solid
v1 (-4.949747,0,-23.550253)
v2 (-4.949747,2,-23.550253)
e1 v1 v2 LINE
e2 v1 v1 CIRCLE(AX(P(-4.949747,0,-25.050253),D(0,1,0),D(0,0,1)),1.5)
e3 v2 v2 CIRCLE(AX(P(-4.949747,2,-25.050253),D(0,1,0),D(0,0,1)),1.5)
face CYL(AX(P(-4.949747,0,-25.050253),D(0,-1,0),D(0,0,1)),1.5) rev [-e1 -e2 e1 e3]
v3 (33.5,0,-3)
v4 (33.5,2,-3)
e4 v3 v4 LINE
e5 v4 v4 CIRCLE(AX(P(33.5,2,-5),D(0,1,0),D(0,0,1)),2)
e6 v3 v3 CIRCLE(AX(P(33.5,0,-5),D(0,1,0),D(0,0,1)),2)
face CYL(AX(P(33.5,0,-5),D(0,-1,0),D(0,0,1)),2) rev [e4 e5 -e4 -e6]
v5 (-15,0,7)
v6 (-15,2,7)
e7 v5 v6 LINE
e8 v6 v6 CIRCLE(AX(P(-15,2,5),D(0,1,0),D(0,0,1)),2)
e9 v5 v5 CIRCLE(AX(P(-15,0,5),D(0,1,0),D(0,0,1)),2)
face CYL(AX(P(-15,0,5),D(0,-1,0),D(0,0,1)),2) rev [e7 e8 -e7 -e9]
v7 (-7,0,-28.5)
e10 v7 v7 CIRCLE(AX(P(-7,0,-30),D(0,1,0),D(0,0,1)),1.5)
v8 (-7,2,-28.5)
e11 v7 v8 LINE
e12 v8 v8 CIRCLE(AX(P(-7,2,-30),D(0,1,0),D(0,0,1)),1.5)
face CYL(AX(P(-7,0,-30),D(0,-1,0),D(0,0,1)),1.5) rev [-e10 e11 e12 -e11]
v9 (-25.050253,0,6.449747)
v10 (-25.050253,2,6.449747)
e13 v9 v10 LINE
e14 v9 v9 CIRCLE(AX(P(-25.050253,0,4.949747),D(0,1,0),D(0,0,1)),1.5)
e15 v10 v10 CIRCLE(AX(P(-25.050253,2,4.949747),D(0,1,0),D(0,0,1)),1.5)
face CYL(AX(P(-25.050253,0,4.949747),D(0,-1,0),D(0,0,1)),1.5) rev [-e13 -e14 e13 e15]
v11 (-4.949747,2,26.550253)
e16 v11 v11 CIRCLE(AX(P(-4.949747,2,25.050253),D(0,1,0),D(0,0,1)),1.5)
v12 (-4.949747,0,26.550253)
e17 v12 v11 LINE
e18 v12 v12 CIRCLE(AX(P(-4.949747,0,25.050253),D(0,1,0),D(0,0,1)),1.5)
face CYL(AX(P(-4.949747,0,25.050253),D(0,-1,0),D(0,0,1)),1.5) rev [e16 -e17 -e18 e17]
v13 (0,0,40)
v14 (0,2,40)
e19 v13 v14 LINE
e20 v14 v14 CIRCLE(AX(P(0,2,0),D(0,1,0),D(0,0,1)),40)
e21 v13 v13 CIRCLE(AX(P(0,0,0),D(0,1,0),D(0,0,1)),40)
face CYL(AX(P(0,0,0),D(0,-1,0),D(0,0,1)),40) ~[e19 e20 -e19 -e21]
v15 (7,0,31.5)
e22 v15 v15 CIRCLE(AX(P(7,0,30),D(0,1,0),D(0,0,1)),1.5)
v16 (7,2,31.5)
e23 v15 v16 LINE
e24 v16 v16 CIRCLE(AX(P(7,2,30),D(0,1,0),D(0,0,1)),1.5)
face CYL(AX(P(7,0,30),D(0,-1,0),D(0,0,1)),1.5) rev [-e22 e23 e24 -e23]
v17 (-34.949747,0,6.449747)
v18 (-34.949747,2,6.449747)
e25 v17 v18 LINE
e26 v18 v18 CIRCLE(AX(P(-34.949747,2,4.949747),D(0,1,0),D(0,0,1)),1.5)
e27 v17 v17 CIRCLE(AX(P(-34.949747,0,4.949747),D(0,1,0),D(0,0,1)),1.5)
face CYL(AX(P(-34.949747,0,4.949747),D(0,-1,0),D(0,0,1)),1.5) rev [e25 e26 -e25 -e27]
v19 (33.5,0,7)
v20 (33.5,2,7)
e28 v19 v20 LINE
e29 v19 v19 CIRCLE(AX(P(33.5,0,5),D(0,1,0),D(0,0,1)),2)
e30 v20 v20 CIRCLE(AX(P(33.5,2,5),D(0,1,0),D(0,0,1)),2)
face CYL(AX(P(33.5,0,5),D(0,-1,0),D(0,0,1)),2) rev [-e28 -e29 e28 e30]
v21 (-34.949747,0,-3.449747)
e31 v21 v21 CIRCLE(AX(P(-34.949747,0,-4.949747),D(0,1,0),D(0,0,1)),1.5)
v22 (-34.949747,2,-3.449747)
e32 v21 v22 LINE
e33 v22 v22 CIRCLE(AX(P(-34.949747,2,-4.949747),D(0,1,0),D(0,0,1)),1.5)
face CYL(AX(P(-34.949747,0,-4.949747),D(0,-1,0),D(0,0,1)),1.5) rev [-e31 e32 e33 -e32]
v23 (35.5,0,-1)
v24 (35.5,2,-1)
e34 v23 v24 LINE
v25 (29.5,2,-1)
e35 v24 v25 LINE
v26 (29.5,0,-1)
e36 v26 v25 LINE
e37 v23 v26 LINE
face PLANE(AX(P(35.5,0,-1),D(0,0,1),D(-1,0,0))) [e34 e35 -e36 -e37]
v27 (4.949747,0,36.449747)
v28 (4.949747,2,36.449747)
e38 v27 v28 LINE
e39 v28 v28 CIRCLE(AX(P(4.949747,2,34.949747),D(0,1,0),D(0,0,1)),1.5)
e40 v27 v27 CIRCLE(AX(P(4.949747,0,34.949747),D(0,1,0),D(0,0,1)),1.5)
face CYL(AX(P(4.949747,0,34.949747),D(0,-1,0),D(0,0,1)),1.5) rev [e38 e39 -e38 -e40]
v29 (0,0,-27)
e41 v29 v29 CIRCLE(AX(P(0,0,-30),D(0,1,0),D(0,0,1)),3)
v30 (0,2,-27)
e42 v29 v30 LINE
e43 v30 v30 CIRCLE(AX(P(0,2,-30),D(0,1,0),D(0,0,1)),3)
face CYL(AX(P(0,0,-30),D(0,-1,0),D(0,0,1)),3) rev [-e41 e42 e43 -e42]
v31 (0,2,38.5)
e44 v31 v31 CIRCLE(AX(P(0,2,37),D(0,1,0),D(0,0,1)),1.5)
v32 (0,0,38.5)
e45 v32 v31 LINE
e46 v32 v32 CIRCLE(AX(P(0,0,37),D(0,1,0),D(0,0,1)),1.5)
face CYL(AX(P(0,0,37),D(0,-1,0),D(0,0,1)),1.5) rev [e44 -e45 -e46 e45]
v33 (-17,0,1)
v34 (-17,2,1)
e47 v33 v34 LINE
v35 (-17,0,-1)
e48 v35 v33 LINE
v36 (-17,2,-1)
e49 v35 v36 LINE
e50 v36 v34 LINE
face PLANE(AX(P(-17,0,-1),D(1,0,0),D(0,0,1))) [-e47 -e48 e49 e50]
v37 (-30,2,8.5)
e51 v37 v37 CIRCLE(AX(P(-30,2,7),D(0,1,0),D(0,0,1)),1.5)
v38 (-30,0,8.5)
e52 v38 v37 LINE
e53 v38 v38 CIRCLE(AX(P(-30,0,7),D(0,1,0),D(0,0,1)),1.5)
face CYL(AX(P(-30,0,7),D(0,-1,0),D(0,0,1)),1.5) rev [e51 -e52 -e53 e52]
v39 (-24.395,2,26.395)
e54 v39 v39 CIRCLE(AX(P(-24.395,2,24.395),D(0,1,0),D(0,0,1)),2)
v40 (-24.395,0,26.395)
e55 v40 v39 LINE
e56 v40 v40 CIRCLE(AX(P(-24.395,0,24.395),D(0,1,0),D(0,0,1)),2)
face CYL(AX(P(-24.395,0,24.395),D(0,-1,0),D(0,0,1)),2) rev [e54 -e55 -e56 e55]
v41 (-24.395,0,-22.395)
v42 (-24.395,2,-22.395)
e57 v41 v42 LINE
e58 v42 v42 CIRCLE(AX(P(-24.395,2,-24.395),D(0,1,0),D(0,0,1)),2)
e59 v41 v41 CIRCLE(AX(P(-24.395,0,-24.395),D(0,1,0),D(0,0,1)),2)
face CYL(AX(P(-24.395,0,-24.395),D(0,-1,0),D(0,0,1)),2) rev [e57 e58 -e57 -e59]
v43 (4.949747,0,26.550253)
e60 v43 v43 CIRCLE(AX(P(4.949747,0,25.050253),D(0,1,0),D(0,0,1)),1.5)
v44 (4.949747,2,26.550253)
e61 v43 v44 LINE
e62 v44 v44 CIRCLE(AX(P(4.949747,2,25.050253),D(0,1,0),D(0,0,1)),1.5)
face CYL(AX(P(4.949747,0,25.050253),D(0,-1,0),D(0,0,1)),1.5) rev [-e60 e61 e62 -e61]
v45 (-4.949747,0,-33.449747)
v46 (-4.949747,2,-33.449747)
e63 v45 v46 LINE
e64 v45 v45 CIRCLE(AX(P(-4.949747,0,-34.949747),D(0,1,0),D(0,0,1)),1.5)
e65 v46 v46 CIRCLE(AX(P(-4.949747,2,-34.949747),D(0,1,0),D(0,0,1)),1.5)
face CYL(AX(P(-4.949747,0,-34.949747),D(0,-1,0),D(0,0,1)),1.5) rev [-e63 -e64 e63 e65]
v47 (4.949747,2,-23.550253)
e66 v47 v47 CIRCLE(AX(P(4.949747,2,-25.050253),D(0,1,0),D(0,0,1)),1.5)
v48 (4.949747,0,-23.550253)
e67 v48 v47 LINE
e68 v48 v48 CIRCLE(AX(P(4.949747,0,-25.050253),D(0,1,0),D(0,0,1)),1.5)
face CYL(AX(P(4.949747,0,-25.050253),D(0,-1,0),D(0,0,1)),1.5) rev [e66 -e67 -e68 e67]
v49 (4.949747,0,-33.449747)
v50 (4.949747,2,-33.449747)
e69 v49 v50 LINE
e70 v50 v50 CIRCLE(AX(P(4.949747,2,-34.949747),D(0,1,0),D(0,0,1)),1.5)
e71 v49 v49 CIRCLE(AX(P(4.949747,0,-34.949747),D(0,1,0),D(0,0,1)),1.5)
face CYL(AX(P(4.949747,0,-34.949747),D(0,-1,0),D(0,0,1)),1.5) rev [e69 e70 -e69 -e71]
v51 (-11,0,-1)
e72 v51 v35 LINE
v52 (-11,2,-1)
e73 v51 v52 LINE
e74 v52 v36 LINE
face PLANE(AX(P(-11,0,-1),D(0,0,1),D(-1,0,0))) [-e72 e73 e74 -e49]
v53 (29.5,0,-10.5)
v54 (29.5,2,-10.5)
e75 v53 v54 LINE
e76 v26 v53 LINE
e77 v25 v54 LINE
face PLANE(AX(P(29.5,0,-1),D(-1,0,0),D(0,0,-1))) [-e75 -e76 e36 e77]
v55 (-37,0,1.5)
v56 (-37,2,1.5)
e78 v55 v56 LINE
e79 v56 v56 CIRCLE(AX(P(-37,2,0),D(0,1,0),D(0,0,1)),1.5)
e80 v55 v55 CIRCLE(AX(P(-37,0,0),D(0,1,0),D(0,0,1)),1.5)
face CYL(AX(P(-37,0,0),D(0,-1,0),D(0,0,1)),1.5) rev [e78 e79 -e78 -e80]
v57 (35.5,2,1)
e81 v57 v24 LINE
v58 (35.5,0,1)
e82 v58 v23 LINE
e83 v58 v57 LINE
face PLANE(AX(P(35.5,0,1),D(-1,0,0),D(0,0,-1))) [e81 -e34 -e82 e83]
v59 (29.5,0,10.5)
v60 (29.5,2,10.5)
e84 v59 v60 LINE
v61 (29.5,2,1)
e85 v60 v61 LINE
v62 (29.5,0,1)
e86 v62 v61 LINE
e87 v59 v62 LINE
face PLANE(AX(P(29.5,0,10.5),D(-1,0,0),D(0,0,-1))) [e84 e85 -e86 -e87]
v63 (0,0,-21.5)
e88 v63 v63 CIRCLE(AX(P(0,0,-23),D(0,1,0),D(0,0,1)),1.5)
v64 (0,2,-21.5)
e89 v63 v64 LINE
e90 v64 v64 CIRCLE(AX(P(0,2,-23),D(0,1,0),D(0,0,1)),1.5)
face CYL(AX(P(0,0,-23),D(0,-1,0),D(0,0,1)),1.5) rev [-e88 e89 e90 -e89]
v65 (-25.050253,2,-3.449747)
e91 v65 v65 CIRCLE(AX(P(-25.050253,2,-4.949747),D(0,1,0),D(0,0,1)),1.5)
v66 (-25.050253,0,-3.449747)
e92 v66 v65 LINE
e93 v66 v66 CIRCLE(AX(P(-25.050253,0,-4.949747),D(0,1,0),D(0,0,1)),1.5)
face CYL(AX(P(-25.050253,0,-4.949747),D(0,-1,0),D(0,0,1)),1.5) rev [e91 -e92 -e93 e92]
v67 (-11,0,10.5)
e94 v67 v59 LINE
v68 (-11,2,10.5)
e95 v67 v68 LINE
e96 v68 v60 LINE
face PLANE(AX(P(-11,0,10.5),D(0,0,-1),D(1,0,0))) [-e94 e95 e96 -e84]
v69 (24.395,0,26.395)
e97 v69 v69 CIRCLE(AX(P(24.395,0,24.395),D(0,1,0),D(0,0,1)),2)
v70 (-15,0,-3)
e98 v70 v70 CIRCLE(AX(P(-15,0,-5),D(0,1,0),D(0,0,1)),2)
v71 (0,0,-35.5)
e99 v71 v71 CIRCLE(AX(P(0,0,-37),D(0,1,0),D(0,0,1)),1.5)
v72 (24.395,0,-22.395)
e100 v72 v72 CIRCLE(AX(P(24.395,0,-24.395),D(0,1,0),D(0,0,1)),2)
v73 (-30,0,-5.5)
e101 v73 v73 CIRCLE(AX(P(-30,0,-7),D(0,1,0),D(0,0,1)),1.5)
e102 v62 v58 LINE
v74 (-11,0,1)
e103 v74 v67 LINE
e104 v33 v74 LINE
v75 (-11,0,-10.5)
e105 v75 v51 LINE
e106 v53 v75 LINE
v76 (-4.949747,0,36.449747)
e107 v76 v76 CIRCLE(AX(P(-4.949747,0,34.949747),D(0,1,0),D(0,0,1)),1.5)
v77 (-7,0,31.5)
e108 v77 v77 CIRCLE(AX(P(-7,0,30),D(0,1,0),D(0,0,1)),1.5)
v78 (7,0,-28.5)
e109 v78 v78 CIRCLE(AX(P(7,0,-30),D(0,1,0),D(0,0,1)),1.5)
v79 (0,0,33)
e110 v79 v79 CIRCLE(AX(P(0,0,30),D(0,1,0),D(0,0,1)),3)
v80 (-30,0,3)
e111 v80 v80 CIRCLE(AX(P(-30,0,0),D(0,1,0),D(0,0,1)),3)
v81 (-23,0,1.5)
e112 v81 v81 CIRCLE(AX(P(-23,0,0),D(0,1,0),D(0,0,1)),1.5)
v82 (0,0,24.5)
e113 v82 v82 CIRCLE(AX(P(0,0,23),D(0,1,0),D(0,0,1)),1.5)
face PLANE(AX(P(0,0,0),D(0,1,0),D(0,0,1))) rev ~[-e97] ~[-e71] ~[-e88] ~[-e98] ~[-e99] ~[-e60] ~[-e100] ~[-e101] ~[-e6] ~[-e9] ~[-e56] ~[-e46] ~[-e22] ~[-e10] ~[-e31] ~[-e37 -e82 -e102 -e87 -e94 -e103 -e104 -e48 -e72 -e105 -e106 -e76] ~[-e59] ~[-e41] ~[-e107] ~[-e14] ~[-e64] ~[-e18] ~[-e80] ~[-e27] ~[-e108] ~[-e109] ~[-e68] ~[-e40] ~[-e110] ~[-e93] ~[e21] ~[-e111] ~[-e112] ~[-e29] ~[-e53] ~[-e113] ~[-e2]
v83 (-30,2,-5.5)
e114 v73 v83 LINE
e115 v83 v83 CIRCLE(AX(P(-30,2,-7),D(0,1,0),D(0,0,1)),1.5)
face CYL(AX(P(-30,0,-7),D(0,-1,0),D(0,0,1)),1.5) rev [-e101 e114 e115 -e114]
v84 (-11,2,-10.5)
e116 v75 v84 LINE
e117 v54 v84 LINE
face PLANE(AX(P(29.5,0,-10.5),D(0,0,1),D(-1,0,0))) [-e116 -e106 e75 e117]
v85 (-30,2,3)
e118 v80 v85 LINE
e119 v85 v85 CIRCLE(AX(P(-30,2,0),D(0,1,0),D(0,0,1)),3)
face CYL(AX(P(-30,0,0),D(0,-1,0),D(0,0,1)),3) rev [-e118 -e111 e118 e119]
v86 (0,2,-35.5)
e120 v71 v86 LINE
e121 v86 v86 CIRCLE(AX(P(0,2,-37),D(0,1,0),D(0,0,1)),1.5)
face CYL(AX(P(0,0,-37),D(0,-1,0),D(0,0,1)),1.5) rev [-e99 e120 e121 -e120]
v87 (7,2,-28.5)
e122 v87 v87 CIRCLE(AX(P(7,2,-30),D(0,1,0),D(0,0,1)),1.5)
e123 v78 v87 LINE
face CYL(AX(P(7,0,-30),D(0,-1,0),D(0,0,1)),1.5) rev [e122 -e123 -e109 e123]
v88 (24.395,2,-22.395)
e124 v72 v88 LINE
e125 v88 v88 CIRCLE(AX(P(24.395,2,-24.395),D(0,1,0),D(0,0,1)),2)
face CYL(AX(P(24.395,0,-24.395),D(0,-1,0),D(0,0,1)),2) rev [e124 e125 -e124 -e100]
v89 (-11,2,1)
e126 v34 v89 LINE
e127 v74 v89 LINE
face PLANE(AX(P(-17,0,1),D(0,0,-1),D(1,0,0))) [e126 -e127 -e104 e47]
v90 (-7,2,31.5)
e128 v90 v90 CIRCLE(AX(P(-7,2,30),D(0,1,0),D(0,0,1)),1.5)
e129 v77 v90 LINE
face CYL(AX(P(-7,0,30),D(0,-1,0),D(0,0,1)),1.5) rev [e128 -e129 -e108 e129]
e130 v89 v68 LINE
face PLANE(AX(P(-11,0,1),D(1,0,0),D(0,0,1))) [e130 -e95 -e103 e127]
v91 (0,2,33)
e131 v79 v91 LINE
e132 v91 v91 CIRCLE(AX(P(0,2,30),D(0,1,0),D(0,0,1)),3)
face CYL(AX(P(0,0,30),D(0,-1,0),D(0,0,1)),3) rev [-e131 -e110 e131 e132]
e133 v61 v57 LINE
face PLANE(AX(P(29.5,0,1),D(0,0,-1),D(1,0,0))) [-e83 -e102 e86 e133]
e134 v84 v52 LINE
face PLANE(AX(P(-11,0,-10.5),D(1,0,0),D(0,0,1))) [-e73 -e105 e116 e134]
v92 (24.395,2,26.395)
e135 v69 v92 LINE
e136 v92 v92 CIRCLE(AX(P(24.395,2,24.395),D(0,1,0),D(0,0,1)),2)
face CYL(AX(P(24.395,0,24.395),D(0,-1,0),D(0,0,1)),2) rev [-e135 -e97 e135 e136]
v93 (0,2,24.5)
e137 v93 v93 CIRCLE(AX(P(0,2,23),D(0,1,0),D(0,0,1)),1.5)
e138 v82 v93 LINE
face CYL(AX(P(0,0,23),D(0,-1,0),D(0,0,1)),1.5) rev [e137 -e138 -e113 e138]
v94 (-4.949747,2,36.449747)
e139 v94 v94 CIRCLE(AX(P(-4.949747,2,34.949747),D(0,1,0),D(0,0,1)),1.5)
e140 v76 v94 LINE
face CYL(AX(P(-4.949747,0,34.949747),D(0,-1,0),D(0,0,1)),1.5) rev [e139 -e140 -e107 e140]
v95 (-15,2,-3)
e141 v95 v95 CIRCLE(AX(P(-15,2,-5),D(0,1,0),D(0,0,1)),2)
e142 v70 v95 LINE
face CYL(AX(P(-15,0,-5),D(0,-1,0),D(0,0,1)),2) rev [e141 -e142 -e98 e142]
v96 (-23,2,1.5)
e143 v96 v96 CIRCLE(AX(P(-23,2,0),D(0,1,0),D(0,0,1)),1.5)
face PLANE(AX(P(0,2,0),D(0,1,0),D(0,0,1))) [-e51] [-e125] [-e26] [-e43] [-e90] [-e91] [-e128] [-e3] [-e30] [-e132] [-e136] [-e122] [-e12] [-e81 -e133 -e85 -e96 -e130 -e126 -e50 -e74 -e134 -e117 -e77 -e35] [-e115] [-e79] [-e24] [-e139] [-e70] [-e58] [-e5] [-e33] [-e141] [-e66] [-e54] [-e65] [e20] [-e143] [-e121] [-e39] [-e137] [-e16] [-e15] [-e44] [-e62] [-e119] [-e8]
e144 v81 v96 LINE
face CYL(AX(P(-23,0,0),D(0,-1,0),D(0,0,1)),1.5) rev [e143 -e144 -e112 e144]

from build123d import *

# Parameters (mm, degrees)
SKETCH_1_R      = 40
SKETCH_1_R_2    = 2
SKETCH_1_R_3    = 3
SKETCH_1_R_4    = 1.5
EXTRUDE_1_DEPTH = 2


with BuildPart() as part:
    # 草图1 → 凸台-拉伸1 (new body)
    with BuildSketch(Plane(origin=(0, 0, 0), x_dir=(1, 0, 0), z_dir=(0, 1, 0))):
        with Locations(Location((0, 0, 0), (0, 0, 270))):
            Circle(SKETCH_1_R)
        with Locations(Location((-24.395, 24.395, 0), (0, 0, 270))):
            Circle(SKETCH_1_R_2, mode=Mode.SUBTRACT)
        with Locations(Location((24.395, 24.395, 0), (0, 0, 270))):
            Circle(SKETCH_1_R_2, mode=Mode.SUBTRACT)
        with Locations(Location((24.395, -24.395, 0), (0, 0, 270))):
            Circle(SKETCH_1_R_2, mode=Mode.SUBTRACT)
        with Locations(Location((-24.395, -24.395, 0), (0, 0, 270))):
            Circle(SKETCH_1_R_2, mode=Mode.SUBTRACT)
        with Locations(Location((0, -30, 0), (0, 0, 270))):
            Circle(SKETCH_1_R_3, mode=Mode.SUBTRACT)
        with Locations(Location((0, -23, 0), (0, 0, 270))):
            Circle(SKETCH_1_R_4, mode=Mode.SUBTRACT)
        with Locations(Location((4.949747468, -25.050252532, 0), (0, 0, 270))):
            Circle(SKETCH_1_R_4, mode=Mode.SUBTRACT)
        with Locations(Location((7, -30, 0), (0, 0, 270))):
            Circle(SKETCH_1_R_4, mode=Mode.SUBTRACT)
        with Locations(Location((4.949747468, -34.949747468, 0), (0, 0, 270))):
            Circle(SKETCH_1_R_4, mode=Mode.SUBTRACT)
        with Locations(Location((0, -37, 0), (0, 0, 270))):
            Circle(SKETCH_1_R_4, mode=Mode.SUBTRACT)
        with Locations(Location((-4.949747468, -34.949747468, 0), (0, 0, 270))):
            Circle(SKETCH_1_R_4, mode=Mode.SUBTRACT)
        with Locations(Location((-7, -30, 0), (0, 0, 270))):
            Circle(SKETCH_1_R_4, mode=Mode.SUBTRACT)
        with Locations(Location((-4.949747468, -25.050252532, 0), (0, 0, 270))):
            Circle(SKETCH_1_R_4, mode=Mode.SUBTRACT)
        with Locations(Location((0, 30, 0), (0, 0, 270))):
            Circle(SKETCH_1_R_3, mode=Mode.SUBTRACT)
        with Locations(Location((4.949747468, 25.050252532, 0), (0, 0, 270))):
            Circle(SKETCH_1_R_4, mode=Mode.SUBTRACT)
        with Locations(Location((7, 30, 0), (0, 0, 270))):
            Circle(SKETCH_1_R_4, mode=Mode.SUBTRACT)
        with Locations(Location((4.949747468, 34.949747468, 0), (0, 0, 270))):
            Circle(SKETCH_1_R_4, mode=Mode.SUBTRACT)
        with Locations(Location((0, 37, 0), (0, 0, 270))):
            Circle(SKETCH_1_R_4, mode=Mode.SUBTRACT)
        with Locations(Location((-4.949747468, 34.949747468, 0), (0, 0, 270))):
            Circle(SKETCH_1_R_4, mode=Mode.SUBTRACT)
        with Locations(Location((-7, 30, 0), (0, 0, 270))):
            Circle(SKETCH_1_R_4, mode=Mode.SUBTRACT)
        with Locations(Location((-4.949747468, 25.050252532, 0), (0, 0, 270))):
            Circle(SKETCH_1_R_4, mode=Mode.SUBTRACT)
        with Locations(Location((0, 23, 0), (0, 0, 270))):
            Circle(SKETCH_1_R_4, mode=Mode.SUBTRACT)
        with Locations(Location((-30, 0, 0), (0, 0, 270))):
            Circle(SKETCH_1_R_3, mode=Mode.SUBTRACT)
        with Locations(Location((-23, 0, 0), (0, 0, 270))):
            Circle(SKETCH_1_R_4, mode=Mode.SUBTRACT)
        with Locations(Location((-25.050252532, -4.949747468, 0), (0, 0, 270))):
            Circle(SKETCH_1_R_4, mode=Mode.SUBTRACT)
        with Locations(Location((-30, -7, 0), (0, 0, 270))):
            Circle(SKETCH_1_R_4, mode=Mode.SUBTRACT)
        with Locations(Location((-34.949747468, -4.949747468, 0), (0, 0, 270))):
            Circle(SKETCH_1_R_4, mode=Mode.SUBTRACT)
        with Locations(Location((-37, 0, 0), (0, 0, 270))):
            Circle(SKETCH_1_R_4, mode=Mode.SUBTRACT)
        with Locations(Location((-34.949747468, 4.949747468, 0), (0, 0, 270))):
            Circle(SKETCH_1_R_4, mode=Mode.SUBTRACT)
        with Locations(Location((-30, 7, 0), (0, 0, 270))):
            Circle(SKETCH_1_R_4, mode=Mode.SUBTRACT)
        with Locations(Location((-25.050252532, 4.949747468, 0), (0, 0, 270))):
            Circle(SKETCH_1_R_4, mode=Mode.SUBTRACT)
        with Locations(Location((-15, -5, 0), (0, 0, 270))):
            Circle(SKETCH_1_R_2, mode=Mode.SUBTRACT)
        with Locations(Location((33.5, -5, 0), (0, 0, 270))):
            Circle(SKETCH_1_R_2, mode=Mode.SUBTRACT)
        with Locations(Location((33.5, 5, 0), (0, 0, 270))):
            Circle(SKETCH_1_R_2, mode=Mode.SUBTRACT)
        with Locations(Location((-15, 5, 0), (0, 0, 270))):
            Circle(SKETCH_1_R_2, mode=Mode.SUBTRACT)
        Polygon((-11, -1), (-11, -10.5), (29.5, -10.5), (29.5, -1), (35.5, -1), (35.5, 1), (29.5, 1), (29.5, 10.5), (-11, 10.5), (-11, 1), (-17, 1), (-17, -1), align=None, mode=Mode.SUBTRACT)
    extrude(amount=EXTRUDE_1_DEPTH)


solid = part.part
